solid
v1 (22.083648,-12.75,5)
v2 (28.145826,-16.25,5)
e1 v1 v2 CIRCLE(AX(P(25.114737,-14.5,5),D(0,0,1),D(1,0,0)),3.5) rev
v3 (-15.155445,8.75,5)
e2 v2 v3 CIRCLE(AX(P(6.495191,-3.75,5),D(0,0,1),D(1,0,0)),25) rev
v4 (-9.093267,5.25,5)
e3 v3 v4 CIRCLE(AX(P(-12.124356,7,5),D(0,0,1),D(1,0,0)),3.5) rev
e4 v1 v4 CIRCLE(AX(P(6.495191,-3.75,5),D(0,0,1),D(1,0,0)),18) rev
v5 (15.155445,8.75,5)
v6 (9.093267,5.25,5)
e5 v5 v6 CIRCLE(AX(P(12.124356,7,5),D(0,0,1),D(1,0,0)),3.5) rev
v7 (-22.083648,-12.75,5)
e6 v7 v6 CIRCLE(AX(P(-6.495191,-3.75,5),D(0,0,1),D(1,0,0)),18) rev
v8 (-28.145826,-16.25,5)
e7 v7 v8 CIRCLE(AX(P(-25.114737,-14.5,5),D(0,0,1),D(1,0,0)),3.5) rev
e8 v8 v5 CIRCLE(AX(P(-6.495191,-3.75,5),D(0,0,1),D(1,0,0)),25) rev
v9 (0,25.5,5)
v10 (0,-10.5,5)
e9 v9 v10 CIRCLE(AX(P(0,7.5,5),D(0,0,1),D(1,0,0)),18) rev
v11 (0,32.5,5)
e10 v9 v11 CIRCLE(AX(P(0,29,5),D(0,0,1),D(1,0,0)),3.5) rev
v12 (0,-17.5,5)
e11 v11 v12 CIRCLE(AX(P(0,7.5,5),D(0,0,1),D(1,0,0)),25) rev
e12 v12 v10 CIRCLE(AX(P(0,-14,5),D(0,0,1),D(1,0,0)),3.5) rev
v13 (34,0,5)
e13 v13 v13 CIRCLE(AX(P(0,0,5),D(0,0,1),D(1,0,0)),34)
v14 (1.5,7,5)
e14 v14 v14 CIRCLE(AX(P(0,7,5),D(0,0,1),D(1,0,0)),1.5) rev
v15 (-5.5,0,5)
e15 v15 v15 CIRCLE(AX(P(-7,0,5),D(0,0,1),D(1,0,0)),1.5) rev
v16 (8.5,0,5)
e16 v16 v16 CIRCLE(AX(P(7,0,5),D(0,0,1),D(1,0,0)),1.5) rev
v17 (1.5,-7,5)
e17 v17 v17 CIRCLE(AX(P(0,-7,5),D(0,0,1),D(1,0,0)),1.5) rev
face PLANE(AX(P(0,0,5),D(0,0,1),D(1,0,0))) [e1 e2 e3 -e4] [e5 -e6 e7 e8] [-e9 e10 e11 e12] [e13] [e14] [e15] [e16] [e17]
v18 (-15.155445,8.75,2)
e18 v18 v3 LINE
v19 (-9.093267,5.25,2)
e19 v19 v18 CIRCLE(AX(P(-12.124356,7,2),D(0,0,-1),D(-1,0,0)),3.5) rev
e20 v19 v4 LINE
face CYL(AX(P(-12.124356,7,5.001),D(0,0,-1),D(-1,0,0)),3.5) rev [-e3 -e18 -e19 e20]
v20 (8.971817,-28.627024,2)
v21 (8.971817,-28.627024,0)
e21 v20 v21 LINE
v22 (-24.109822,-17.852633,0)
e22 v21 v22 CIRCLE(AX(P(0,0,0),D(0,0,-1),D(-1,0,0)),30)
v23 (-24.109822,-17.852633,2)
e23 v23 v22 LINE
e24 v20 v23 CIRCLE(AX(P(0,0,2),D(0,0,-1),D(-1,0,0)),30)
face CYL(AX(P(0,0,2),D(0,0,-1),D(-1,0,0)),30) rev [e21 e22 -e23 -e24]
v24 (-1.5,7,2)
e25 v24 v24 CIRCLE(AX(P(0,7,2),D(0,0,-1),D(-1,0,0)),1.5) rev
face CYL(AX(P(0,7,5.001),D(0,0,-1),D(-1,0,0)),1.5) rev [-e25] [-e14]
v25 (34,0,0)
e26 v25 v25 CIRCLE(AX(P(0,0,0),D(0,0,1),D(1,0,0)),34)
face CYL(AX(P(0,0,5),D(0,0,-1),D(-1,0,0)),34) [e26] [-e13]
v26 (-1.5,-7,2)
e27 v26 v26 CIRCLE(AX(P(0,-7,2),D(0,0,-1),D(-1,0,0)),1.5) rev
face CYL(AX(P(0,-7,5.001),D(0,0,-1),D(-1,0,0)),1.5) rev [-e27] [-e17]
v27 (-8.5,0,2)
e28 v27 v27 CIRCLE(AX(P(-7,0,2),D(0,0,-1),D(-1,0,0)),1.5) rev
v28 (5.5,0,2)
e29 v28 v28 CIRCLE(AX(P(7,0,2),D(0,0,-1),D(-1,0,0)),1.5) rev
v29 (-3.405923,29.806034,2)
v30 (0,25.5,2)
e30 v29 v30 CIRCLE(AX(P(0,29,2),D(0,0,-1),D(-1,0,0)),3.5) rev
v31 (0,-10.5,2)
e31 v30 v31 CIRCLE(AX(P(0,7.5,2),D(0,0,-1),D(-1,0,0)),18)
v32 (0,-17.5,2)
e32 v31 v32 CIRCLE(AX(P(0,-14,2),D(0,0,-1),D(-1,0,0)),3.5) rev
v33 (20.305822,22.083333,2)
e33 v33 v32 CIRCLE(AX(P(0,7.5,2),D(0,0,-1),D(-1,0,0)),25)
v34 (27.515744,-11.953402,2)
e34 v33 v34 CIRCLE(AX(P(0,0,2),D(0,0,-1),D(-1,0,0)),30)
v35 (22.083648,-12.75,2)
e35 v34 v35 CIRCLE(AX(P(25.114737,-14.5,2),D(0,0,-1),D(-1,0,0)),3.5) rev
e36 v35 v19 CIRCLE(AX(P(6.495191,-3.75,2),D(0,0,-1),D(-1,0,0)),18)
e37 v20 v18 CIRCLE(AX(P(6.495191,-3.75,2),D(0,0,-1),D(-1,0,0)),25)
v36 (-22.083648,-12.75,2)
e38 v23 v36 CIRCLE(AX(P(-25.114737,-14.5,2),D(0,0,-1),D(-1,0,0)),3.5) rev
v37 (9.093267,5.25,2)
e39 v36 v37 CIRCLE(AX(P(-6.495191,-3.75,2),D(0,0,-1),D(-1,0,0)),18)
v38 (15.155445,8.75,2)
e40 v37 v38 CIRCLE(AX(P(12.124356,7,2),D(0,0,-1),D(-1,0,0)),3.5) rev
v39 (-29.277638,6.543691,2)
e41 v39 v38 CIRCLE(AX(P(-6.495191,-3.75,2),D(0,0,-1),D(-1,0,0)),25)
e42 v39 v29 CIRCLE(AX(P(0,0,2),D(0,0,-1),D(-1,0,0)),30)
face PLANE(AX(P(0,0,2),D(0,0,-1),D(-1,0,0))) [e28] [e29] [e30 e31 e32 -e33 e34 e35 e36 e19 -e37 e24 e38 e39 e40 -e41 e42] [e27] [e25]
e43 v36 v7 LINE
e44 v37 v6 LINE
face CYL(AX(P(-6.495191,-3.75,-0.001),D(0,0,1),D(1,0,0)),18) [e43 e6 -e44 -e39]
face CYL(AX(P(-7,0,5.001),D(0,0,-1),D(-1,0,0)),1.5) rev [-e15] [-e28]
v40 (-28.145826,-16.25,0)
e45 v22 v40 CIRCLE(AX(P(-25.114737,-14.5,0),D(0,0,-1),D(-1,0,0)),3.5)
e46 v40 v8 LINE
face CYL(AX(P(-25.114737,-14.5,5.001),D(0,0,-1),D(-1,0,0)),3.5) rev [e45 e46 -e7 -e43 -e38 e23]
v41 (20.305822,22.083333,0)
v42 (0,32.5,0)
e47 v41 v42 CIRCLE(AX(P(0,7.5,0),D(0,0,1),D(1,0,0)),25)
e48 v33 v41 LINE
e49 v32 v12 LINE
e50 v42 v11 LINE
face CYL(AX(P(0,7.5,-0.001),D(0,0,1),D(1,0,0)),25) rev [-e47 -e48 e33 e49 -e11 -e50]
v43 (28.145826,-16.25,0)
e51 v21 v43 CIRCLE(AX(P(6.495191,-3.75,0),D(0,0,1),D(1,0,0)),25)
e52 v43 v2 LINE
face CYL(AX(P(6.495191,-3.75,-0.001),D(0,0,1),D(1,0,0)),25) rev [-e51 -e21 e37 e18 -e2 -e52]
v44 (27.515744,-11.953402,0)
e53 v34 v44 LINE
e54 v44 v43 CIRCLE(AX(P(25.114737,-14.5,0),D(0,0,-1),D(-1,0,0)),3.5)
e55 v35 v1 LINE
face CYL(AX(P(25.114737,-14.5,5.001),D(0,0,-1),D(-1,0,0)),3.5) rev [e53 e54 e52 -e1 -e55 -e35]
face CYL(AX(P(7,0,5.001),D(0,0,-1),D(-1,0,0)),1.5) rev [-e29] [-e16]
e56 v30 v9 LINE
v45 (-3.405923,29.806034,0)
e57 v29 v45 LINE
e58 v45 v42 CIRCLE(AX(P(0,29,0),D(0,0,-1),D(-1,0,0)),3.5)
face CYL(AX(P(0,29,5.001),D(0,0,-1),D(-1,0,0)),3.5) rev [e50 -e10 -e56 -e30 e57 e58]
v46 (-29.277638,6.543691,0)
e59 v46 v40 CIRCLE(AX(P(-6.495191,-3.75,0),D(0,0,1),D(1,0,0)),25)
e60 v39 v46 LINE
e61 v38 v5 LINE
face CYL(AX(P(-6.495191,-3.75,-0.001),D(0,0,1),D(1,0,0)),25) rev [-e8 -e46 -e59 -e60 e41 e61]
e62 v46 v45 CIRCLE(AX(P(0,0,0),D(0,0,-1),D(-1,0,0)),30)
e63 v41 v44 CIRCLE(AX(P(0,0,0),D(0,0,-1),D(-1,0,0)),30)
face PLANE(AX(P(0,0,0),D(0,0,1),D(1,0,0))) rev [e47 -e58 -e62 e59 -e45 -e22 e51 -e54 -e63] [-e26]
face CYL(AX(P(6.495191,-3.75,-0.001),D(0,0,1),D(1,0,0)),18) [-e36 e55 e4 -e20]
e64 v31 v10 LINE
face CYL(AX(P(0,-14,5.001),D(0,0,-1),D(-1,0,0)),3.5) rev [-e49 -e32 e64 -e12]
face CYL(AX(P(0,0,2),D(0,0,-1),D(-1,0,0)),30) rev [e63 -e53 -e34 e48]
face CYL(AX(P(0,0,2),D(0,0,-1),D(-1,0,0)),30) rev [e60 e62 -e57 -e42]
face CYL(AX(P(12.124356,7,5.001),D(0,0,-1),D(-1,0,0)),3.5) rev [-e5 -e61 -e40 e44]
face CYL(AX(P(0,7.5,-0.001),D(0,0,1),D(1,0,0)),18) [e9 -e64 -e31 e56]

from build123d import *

# Parameters (mm, degrees)
SKETCH2_R               = 34
BOSS_EXTRUDE1_DEPTH     = 5
CUT_EXTRUDE_THIN1_REACH = 50.343
CUT_EXTRUDE1_REACH      = 50.343
SKETCH7_R               = 1.5
CUT_EXTRUDE2_REACH      = 50.343
SKETCH8_R               = 3.5
SKETCH9_R               = 30
CUT_EXTRUDE3_DEPTH      = 2


with BuildPart() as part:
    # Sketch2 → Boss-Extrude1 (new body)
    with BuildSketch(Plane.XY):
        Circle(SKETCH2_R)
    extrude(amount=BOSS_EXTRUDE1_DEPTH)

    # Sketch3 → Cut-Extrude-Thin1 (cut, up to next)
    with BuildSketch(Plane.XY.offset(5), mode=Mode.PRIVATE) as cut_extrude_thin1_sk1:
        with BuildLine():
            ThreePointArc((0, 25.5), (18, 7.5), (0, -10.5))
            Line((0, -10.5), (0, -17.5))
            ThreePointArc((0, -17.5), (25, 7.5), (0, 32.5))
            Line((0, 32.5), (0, 25.5))
        make_face()
    cut_extrude_thin1_tool1 = extrude(cut_extrude_thin1_sk1.sketch, amount=-CUT_EXTRUDE_THIN1_REACH, mode=Mode.PRIVATE) & part.part
    # Sketch3 → Cut-Extrude-Thin1 (cut, up to next)
    with BuildSketch(Plane.XY.offset(5), mode=Mode.PRIVATE) as cut_extrude_thin1_sk2:
        with BuildLine():
            ThreePointArc((22.083647797, -12.75), (-2.504809472, -19.338457268), (-9.09326674, 5.25))
            Line((-9.09326674, 5.25), (-15.155444566, 8.75))
            ThreePointArc((-15.155444566, 8.75), (-6.004809472, -25.400635095), (28.145825623, -16.25))
            Line((28.145825623, -16.25), (22.083647797, -12.75))
        make_face()
    cut_extrude_thin1_tool2 = extrude(cut_extrude_thin1_sk2.sketch, amount=-CUT_EXTRUDE_THIN1_REACH, mode=Mode.PRIVATE) & part.part
    # Sketch3 → Cut-Extrude-Thin1 (cut, up to next)
    with BuildSketch(Plane.XY.offset(5), mode=Mode.PRIVATE) as cut_extrude_thin1_sk3:
        with BuildLine():
            ThreePointArc((-22.083647797, -12.75), (-15.495190528, 11.838457268), (9.09326674, 5.25))
            Line((9.09326674, 5.25), (15.155444566, 8.75))
            ThreePointArc((15.155444566, 8.75), (-18.995190528, 17.900635095), (-28.145825623, -16.25))
            Line((-28.145825623, -16.25), (-22.083647797, -12.75))
        make_face()
    cut_extrude_thin1_tool3 = extrude(cut_extrude_thin1_sk3.sketch, amount=-CUT_EXTRUDE_THIN1_REACH, mode=Mode.PRIVATE) & part.part
    add(cut_extrude_thin1_tool1.solids().sort_by_distance((0.559017, 29, 5))[0], mode=Mode.SUBTRACT)
    add(cut_extrude_thin1_tool2.solids().sort_by_distance((-2.804081, -19.85681, 5))[0], mode=Mode.SUBTRACT)
    add(cut_extrude_thin1_tool3.solids().sort_by_distance((-15.794462, 12.35681, 5))[0], mode=Mode.SUBTRACT)

    # Sketch7 → Cut-Extrude1 (cut, up to next)
    with BuildSketch(Plane(origin=(0, 0, 0), x_dir=(-1, 0, 0), z_dir=(0, 0, -1)), mode=Mode.PRIVATE) as cut_extrude1_sk1:
        with Locations((7, 0)):
            Circle(SKETCH7_R)
    cut_extrude1_tool1 = extrude(cut_extrude1_sk1.sketch, amount=-CUT_EXTRUDE1_REACH, mode=Mode.PRIVATE) & part.part
    # Sketch7 → Cut-Extrude1 (cut, up to next)
    with BuildSketch(Plane(origin=(0, 0, 0), x_dir=(-1, 0, 0), z_dir=(0, 0, -1)), mode=Mode.PRIVATE) as cut_extrude1_sk2:
        with Locations((0, -7)):
            Circle(SKETCH7_R)
    cut_extrude1_tool2 = extrude(cut_extrude1_sk2.sketch, amount=-CUT_EXTRUDE1_REACH, mode=Mode.PRIVATE) & part.part
    # Sketch7 → Cut-Extrude1 (cut, up to next)
    with BuildSketch(Plane(origin=(0, 0, 0), x_dir=(-1, 0, 0), z_dir=(0, 0, -1)), mode=Mode.PRIVATE) as cut_extrude1_sk3:
        with Locations((-7, 0)):
            Circle(SKETCH7_R)
    cut_extrude1_tool3 = extrude(cut_extrude1_sk3.sketch, amount=-CUT_EXTRUDE1_REACH, mode=Mode.PRIVATE) & part.part
    # Sketch7 → Cut-Extrude1 (cut, up to next)
    with BuildSketch(Plane(origin=(0, 0, 0), x_dir=(-1, 0, 0), z_dir=(0, 0, -1)), mode=Mode.PRIVATE) as cut_extrude1_sk4:
        with Locations((0, 7)):
            Circle(SKETCH7_R)
    cut_extrude1_tool4 = extrude(cut_extrude1_sk4.sketch, amount=-CUT_EXTRUDE1_REACH, mode=Mode.PRIVATE) & part.part
    add(cut_extrude1_tool1.solids().sort_by_distance((-7, 0, 0))[0], mode=Mode.SUBTRACT)
    add(cut_extrude1_tool2.solids().sort_by_distance((0, -7, 0))[0], mode=Mode.SUBTRACT)
    add(cut_extrude1_tool3.solids().sort_by_distance((7, 0, 0))[0], mode=Mode.SUBTRACT)
    add(cut_extrude1_tool4.solids().sort_by_distance((0, 7, 0))[0], mode=Mode.SUBTRACT)

    # Sketch8 → Cut-Extrude2 (cut, up to next)
    with BuildSketch(Plane(origin=(0, 0, 0), x_dir=(-1, 0, 0), z_dir=(0, 0, -1)), mode=Mode.PRIVATE) as cut_extrude2_sk1:
        with Locations((0, 29)):
            Circle(SKETCH8_R)
    cut_extrude2_tool1 = extrude(cut_extrude2_sk1.sketch, amount=-CUT_EXTRUDE2_REACH, mode=Mode.PRIVATE) & part.part
    # Sketch8 → Cut-Extrude2 (cut, up to next)
    with BuildSketch(Plane(origin=(0, 0, 0), x_dir=(-1, 0, 0), z_dir=(0, 0, -1)), mode=Mode.PRIVATE) as cut_extrude2_sk2:
        with Locations((-12.124355653, 7)):
            Circle(SKETCH8_R)
    cut_extrude2_tool2 = extrude(cut_extrude2_sk2.sketch, amount=-CUT_EXTRUDE2_REACH, mode=Mode.PRIVATE) & part.part
    # Sketch8 → Cut-Extrude2 (cut, up to next)
    with BuildSketch(Plane(origin=(0, 0, 0), x_dir=(-1, 0, 0), z_dir=(0, 0, -1)), mode=Mode.PRIVATE) as cut_extrude2_sk3:
        with Locations((12.124355653, 7)):
            Circle(SKETCH8_R)
    cut_extrude2_tool3 = extrude(cut_extrude2_sk3.sketch, amount=-CUT_EXTRUDE2_REACH, mode=Mode.PRIVATE) & part.part
    # Sketch8 → Cut-Extrude2 (cut, up to next)
    with BuildSketch(Plane(origin=(0, 0, 0), x_dir=(-1, 0, 0), z_dir=(0, 0, -1)), mode=Mode.PRIVATE) as cut_extrude2_sk4:
        with Locations((25.11473671, -14.5)):
            Circle(SKETCH8_R)
    cut_extrude2_tool4 = extrude(cut_extrude2_sk4.sketch, amount=-CUT_EXTRUDE2_REACH, mode=Mode.PRIVATE) & part.part
    # Sketch8 → Cut-Extrude2 (cut, up to next)
    with BuildSketch(Plane(origin=(0, 0, 0), x_dir=(-1, 0, 0), z_dir=(0, 0, -1)), mode=Mode.PRIVATE) as cut_extrude2_sk5:
        with Locations((-25.11473671, -14.5)):
            Circle(SKETCH8_R)
    cut_extrude2_tool5 = extrude(cut_extrude2_sk5.sketch, amount=-CUT_EXTRUDE2_REACH, mode=Mode.PRIVATE) & part.part
    # Sketch8 → Cut-Extrude2 (cut, up to next)
    with BuildSketch(Plane(origin=(0, 0, 0), x_dir=(-1, 0, 0), z_dir=(0, 0, -1)), mode=Mode.PRIVATE) as cut_extrude2_sk6:
        with Locations((0, -14)):
            Circle(SKETCH8_R)
    cut_extrude2_tool6 = extrude(cut_extrude2_sk6.sketch, amount=-CUT_EXTRUDE2_REACH, mode=Mode.PRIVATE) & part.part
    add(cut_extrude2_tool1.solids().sort_by_distance((0, 29, 0))[0], mode=Mode.SUBTRACT)
    add(cut_extrude2_tool2.solids().sort_by_distance((12.124356, 7, 0))[0], mode=Mode.SUBTRACT)
    add(cut_extrude2_tool3.solids().sort_by_distance((-12.124356, 7, 0))[0], mode=Mode.SUBTRACT)
    add(cut_extrude2_tool4.solids().sort_by_distance((-25.114737, -14.5, 0))[0], mode=Mode.SUBTRACT)
    add(cut_extrude2_tool5.solids().sort_by_distance((25.114737, -14.5, 0))[0], mode=Mode.SUBTRACT)
    add(cut_extrude2_tool6.solids().sort_by_distance((0, -14, 0))[0], mode=Mode.SUBTRACT)

    # Sketch9 → Cut-Extrude3 (cut)
    with BuildSketch(Plane(origin=(0, 0, 0), x_dir=(-1, 0, 0), z_dir=(0, 0, -1))):
        Circle(SKETCH9_R)
    extrude(amount=-CUT_EXTRUDE3_DEPTH, mode=Mode.SUBTRACT)


solid = part.part
